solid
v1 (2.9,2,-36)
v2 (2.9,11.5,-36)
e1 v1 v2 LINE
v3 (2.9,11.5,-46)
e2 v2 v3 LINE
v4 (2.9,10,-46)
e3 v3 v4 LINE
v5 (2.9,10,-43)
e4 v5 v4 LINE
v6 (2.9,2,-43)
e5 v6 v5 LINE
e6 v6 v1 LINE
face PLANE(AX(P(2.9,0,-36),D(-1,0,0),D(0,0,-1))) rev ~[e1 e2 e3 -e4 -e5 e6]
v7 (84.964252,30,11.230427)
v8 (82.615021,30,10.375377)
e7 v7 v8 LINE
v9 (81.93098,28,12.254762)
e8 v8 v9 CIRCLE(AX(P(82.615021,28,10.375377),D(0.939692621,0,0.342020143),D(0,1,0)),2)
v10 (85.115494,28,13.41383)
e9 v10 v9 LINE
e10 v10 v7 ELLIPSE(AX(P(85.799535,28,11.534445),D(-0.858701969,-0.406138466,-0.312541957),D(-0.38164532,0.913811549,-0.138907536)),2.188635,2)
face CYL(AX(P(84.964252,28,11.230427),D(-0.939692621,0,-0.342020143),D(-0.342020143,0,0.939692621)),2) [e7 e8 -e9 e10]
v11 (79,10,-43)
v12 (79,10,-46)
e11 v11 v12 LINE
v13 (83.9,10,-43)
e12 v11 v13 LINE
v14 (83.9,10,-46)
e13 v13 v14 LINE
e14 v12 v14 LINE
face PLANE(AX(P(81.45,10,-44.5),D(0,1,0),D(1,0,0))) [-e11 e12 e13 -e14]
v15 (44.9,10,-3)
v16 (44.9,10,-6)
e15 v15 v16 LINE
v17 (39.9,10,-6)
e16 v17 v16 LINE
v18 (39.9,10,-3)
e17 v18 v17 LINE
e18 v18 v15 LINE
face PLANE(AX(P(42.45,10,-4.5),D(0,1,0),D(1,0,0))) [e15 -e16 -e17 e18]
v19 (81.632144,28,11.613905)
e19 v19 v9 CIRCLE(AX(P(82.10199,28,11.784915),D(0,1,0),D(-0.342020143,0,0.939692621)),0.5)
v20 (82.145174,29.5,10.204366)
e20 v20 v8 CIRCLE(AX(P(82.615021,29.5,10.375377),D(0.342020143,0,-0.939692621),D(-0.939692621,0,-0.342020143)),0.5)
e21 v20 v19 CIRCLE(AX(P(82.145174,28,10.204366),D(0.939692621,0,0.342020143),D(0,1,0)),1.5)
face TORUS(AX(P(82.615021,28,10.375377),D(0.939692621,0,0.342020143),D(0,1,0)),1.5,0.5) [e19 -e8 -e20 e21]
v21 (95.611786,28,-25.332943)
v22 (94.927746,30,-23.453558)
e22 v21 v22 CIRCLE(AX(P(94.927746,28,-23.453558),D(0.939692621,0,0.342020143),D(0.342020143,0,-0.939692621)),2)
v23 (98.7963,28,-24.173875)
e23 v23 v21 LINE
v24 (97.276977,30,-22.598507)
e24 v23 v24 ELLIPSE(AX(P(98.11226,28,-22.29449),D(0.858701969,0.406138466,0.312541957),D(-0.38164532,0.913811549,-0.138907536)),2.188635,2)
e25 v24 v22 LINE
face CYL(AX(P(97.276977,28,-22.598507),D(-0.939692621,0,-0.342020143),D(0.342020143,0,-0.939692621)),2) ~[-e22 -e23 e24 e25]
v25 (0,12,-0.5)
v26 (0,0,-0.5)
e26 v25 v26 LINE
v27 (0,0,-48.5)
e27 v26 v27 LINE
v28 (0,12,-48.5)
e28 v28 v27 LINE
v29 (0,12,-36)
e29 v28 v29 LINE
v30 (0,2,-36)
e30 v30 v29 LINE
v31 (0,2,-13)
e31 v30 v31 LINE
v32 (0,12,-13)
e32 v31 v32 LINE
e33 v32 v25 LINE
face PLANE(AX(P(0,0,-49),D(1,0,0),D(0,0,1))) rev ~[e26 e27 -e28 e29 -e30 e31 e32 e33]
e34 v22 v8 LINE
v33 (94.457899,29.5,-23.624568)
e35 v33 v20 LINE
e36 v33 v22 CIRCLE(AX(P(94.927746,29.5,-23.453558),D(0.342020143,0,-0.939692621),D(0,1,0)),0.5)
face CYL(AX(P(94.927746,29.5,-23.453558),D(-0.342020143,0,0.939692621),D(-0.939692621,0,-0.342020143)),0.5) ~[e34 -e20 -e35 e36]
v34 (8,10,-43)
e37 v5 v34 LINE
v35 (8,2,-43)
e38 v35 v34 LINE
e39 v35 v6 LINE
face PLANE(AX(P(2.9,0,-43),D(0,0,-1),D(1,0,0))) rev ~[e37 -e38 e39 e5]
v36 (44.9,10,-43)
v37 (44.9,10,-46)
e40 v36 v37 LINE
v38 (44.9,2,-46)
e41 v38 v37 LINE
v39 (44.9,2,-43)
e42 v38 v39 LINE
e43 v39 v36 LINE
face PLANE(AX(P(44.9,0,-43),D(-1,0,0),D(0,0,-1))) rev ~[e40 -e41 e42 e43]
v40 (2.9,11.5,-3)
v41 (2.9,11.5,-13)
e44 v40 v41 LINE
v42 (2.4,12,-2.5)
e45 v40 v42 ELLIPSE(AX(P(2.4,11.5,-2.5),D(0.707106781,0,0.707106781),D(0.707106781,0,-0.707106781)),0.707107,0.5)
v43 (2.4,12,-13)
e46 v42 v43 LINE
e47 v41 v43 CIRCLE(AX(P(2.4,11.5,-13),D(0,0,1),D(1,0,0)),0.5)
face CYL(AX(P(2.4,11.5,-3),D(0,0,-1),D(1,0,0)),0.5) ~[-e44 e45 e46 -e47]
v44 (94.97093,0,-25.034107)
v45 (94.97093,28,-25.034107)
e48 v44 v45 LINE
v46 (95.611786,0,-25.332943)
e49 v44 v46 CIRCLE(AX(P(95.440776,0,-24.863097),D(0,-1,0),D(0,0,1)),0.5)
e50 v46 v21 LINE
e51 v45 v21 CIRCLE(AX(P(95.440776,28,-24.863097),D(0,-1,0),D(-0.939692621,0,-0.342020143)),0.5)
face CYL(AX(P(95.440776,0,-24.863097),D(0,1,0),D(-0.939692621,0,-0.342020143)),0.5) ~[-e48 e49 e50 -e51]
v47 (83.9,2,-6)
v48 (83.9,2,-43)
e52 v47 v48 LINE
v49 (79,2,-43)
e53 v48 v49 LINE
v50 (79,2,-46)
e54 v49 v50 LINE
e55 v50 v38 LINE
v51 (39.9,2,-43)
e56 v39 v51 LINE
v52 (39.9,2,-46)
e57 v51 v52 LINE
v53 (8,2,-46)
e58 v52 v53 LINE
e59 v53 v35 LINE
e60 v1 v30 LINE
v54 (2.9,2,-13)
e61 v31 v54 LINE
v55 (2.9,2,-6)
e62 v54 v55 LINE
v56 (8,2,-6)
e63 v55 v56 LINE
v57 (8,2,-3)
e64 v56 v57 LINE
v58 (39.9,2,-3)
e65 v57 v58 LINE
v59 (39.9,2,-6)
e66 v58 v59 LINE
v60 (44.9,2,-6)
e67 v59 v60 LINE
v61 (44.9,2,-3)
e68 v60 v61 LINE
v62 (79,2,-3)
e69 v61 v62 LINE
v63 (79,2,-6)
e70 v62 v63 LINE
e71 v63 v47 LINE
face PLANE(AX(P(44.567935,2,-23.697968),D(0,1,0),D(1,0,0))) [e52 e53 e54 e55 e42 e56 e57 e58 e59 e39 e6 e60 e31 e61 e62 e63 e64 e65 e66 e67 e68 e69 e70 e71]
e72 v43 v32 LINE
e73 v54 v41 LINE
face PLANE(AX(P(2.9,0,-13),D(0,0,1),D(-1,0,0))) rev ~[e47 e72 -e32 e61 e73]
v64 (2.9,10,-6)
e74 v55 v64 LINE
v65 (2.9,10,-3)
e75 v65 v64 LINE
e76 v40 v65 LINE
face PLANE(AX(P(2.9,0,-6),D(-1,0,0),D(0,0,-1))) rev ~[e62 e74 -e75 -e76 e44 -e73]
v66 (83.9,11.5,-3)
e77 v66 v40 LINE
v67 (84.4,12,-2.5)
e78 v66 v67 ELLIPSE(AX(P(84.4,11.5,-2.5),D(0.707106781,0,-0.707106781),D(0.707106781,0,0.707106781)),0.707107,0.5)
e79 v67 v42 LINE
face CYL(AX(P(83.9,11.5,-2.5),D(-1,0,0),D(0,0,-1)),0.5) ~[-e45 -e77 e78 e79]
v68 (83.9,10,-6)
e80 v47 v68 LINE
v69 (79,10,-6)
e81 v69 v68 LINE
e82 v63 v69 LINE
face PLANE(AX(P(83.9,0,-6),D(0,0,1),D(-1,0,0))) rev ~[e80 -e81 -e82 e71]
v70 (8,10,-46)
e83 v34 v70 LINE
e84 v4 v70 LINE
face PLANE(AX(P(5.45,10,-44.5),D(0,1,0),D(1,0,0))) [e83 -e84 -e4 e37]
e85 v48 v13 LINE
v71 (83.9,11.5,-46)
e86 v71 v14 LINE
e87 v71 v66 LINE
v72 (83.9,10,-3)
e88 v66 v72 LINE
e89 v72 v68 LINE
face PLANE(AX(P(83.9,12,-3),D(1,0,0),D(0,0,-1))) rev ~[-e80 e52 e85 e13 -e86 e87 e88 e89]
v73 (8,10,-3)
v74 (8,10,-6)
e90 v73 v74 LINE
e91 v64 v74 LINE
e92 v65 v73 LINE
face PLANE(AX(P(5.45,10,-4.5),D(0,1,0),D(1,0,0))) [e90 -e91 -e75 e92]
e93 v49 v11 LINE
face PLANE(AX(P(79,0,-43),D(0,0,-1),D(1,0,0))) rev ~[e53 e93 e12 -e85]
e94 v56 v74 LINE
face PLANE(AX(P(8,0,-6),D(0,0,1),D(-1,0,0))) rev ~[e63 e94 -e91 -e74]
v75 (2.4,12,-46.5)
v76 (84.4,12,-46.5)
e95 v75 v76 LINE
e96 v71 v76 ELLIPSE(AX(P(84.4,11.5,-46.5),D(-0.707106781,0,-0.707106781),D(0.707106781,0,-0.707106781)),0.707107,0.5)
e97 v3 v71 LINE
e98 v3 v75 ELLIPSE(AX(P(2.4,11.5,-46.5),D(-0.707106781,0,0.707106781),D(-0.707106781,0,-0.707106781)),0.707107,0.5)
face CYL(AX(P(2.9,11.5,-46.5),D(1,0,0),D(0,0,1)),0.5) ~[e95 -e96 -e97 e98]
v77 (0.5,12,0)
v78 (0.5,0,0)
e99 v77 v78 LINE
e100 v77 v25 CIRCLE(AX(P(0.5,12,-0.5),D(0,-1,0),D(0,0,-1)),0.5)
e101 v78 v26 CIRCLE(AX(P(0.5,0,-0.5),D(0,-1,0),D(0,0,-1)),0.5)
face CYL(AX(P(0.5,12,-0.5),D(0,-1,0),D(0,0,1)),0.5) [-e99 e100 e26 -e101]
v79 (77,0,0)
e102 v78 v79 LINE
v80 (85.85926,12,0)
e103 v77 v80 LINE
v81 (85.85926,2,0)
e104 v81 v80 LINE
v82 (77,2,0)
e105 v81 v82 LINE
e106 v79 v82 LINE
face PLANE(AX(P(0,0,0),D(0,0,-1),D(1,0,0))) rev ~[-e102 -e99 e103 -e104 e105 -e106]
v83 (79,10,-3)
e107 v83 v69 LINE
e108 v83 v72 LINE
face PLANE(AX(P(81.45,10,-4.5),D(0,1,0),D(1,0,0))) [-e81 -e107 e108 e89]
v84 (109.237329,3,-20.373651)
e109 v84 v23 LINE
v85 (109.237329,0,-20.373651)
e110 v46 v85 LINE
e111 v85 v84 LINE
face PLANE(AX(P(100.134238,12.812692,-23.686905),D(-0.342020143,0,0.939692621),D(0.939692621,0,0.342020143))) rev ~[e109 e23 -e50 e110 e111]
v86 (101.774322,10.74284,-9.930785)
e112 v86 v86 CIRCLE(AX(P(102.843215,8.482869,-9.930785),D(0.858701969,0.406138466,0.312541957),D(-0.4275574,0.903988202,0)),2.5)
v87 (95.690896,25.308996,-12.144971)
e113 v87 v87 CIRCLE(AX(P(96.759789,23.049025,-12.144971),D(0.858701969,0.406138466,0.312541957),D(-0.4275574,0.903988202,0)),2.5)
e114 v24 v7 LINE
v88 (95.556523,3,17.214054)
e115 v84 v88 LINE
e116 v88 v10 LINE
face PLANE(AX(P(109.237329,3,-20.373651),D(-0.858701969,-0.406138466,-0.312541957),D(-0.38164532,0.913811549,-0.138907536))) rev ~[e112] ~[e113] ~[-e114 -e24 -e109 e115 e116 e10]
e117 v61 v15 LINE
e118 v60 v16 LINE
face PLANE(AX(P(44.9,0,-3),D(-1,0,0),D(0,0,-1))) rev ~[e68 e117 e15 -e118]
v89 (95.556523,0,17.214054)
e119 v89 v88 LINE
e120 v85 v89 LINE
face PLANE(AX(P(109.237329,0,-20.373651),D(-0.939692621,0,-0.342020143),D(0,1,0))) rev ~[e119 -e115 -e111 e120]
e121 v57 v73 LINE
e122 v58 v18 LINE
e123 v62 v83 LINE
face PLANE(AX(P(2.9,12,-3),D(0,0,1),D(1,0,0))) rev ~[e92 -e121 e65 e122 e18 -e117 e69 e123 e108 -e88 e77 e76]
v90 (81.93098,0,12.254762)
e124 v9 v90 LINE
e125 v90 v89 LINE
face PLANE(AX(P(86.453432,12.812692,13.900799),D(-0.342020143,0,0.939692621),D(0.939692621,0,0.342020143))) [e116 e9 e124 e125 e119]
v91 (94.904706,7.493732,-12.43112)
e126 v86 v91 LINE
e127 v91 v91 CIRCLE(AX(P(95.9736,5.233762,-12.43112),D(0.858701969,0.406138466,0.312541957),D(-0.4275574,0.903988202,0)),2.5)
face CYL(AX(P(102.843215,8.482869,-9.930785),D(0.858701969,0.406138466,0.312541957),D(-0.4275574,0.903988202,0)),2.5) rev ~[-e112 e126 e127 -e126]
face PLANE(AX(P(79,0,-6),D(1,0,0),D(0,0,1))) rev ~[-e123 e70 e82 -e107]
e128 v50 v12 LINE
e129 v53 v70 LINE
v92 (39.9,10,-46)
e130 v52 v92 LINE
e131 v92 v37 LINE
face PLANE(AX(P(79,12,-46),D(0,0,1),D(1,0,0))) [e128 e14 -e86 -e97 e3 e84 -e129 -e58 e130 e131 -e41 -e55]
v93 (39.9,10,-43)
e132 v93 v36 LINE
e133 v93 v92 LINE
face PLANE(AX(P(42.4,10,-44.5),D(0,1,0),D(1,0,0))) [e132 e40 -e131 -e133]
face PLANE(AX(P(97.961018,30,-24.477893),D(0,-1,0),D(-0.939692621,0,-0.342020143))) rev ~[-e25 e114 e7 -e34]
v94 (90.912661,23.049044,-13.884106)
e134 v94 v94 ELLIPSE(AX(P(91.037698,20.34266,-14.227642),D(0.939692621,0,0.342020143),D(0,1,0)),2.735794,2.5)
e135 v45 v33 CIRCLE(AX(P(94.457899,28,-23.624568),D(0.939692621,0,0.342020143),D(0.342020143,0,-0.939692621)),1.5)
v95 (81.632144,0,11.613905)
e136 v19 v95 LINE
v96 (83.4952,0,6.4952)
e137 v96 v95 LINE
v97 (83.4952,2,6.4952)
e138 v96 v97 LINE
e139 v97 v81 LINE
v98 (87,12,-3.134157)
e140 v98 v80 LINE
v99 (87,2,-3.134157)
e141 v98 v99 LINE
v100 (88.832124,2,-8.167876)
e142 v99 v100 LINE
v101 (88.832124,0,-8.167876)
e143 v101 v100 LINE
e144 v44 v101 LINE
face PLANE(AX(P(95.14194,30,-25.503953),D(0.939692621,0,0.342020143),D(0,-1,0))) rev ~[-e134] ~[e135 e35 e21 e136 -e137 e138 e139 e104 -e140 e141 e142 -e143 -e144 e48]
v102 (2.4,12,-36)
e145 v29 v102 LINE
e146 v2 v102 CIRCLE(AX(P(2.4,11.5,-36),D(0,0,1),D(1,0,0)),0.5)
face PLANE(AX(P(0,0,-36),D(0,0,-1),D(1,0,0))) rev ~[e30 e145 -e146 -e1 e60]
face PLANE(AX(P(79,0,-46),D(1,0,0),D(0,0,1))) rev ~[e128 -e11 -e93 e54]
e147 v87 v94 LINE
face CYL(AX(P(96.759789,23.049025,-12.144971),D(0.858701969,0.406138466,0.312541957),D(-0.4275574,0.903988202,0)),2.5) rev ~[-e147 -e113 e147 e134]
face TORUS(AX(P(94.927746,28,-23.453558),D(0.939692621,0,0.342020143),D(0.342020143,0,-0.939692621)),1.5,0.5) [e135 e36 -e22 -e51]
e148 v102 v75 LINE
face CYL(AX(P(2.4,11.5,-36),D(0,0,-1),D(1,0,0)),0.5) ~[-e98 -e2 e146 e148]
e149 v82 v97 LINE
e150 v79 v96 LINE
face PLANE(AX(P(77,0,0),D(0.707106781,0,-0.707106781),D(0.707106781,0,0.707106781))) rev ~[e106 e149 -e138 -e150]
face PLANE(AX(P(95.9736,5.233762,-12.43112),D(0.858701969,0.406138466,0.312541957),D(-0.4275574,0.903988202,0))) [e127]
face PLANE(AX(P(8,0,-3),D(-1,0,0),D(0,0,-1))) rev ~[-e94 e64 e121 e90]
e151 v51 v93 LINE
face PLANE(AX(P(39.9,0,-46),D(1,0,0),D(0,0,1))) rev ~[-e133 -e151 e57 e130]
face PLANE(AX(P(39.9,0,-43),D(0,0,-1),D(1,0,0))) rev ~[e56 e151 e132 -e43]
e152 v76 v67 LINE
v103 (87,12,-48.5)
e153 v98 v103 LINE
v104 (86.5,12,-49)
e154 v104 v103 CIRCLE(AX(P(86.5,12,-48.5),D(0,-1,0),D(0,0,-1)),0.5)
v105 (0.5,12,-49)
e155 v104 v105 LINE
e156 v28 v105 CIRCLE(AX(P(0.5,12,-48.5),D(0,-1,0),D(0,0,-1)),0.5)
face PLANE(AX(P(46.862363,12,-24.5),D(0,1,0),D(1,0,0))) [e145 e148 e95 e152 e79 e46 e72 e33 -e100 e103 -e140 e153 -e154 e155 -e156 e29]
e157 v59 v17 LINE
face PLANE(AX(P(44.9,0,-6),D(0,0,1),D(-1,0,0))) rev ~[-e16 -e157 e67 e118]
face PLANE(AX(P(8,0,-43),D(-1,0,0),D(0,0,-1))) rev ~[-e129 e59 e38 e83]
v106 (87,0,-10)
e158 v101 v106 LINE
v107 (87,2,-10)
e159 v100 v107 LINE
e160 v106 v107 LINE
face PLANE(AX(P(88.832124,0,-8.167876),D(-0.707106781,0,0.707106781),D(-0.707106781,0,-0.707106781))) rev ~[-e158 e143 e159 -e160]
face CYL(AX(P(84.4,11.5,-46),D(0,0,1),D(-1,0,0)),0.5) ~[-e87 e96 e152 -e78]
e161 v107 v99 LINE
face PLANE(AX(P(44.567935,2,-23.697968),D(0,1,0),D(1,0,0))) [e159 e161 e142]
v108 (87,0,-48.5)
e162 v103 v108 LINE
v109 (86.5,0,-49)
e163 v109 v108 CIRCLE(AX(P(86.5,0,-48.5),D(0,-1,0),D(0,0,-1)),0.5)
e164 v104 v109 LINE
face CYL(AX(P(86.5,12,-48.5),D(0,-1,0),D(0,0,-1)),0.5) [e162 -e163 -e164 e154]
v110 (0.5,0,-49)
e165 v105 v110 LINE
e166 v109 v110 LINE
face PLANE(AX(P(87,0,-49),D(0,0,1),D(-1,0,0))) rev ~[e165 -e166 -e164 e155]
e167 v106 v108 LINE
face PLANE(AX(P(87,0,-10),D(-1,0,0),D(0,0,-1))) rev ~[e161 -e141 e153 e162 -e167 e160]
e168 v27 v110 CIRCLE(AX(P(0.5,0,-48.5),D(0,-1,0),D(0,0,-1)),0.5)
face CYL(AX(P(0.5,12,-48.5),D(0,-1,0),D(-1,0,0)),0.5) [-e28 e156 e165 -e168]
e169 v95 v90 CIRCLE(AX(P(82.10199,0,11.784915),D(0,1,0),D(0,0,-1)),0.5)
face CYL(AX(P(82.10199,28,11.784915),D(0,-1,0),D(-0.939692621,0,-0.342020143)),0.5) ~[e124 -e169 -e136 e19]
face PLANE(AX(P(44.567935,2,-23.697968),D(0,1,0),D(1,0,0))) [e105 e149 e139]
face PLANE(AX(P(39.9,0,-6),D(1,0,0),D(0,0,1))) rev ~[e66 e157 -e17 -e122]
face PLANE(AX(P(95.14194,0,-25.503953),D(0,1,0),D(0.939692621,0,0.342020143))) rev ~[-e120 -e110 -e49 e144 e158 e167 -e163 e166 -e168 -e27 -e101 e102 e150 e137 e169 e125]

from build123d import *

# Parameters (mm, degrees)
BOSS_EXTRUDE1_DEPTH   = 40
BODY_MOVE_COPY1_ANGLE = 20
BOSS_EXTRUDE2_DEPTH   = 2
BOSS_EXTRUDE3_DEPTH   = 12
SKETCH4_R             = 2.5
CUT_EXTRUDE2_DEPTH    = 8
FILLET1_R             = 2
SKETCH10_W            = 4.9
SKETCH10_H            = 3
SKETCH10_W_2          = 5.1
SKETCH10_W_3          = 5
CUT_EXTRUDE4_DEPTH    = 2
FILLET2_R             = 0.5


with BuildPart() as part:
    # Sketch2 → Boss-Extrude1 (new body)
    with BuildSketch(Plane.XY):
        Polygon((90, 0), (105, 0), (105, 3), (93, 30), (90, 30), align=None)
    extrude(amount=BOSS_EXTRUDE1_DEPTH)


with BuildPart() as part_1:
    # Body-Move/Copy1: moved
    add(part.part.rotate(Axis((95, 0, 20), (0, -1, 0)), BODY_MOVE_COPY1_ANGLE))


with BuildPart() as part_2:
    # Body-Move/Copy2: moved
    add(part_1.part.moved(Location((-2, 0, -25))))

    # Sketch1 → Boss-Extrude2 (add)
    with BuildSketch(Plane(origin=(0, 0, 0), x_dir=(1, 0, 0), z_dir=(0, 1, 0))):
        Polygon((0, 49), (0, 0), (77, 0), (89.02081528, -12.02081528), (99.02081528, -2.02081528), (87, 10), (87, 49), align=None)
    extrude(amount=BOSS_EXTRUDE2_DEPTH)

    # Sketch1<4> → Boss-Extrude3 (add)
    with BuildSketch(Plane(origin=(0, 0, 0), x_dir=(1, 0, 0), z_dir=(0, 1, 0))):
        Polygon((8, 43), (8, 46), (39.9, 46), (39.9, 43), (44.9, 43), (44.9, 46), (79, 46), (79, 43), (83.9, 43), (83.9, 6), (79, 6), (79, 3), (44.9, 3), (44.9, 6), (39.9, 6), (39.9, 3), (8, 3), (8, 6), (2.9, 6), (2.9, 13), (0, 13), (0, 0), (77, 0), (87, 0), (87, 10), (87, 49), (0, 49), (0, 36), (2.9, 36), (2.9, 43), align=None)
    extrude(amount=BOSS_EXTRUDE3_DEPTH)

    # Sketch4 → Cut-Extrude2 (cut)
    with BuildSketch(Plane(origin=(76.126595154, 36.005435759, 27.707814672), x_dir=(0.29946549765090347, 0.09724282163216282, -0.9491386881576961), z_dir=(0.8587019690275818, 0.40613846605344794, 0.3125419568312492))):
        with Locations((42.744832372, -18.834040509)):
            Circle(SKETCH4_R)
        with Locations((41.048584848, -34.683530859)):
            Circle(SKETCH4_R)
    extrude(amount=-CUT_EXTRUDE2_DEPTH, mode=Mode.SUBTRACT)

    # Fillet1
    fillet1_edges = [part_2.edges().sort_by_distance(p)[0] for p in [
        (96.551478694, 30, -24.990922917),
        (82.870672961, 30, 12.596781914),
    ]]
    fillet(fillet1_edges, radius=FILLET1_R)

    # Sketch10 → Cut-Extrude4 (cut)
    with BuildSketch(Plane(origin=(0, 12, 0), x_dir=(1, 0, 0), z_dir=(0, 1, 0))):
        with Locations((81.45, 4.5)):
            Rectangle(SKETCH10_W, SKETCH10_H)
        with Locations((42.45, 4.5)):
            Rectangle(SKETCH10_W_2, SKETCH10_H)
        with Locations((42.4, 44.5)):
            Rectangle(SKETCH10_W_3, SKETCH10_H)
        with Locations((81.45, 44.5)):
            Rectangle(SKETCH10_W, SKETCH10_H)
        with Locations((5.45, 44.5)):
            Rectangle(SKETCH10_W_2, SKETCH10_H)
        with Locations((5.45, 4.5)):
            Rectangle(SKETCH10_W_2, SKETCH10_H)
    extrude(amount=-CUT_EXTRUDE4_DEPTH, mode=Mode.SUBTRACT)

    # Fillet2
    fillet2_edges = [part_2.edges().sort_by_distance(p)[0] for p in [
        (2.9, 12, -8),
        (2.9, 12, -41),
        (0, 6, 0),
        (87, 6, -49),
        (0, 6, -49),
        (94.941589001, 29.414213562, -24.95349394),
        (88.301536896, 30, -6.710100717),
        (81.661484791, 29.414213562, 11.533292506),
        (95.141939763, 14, -25.503953132),
        (81.46113403, 14, 12.083751699),
        (43.4, 12, -3),
        (83.9, 12, -24.5),
        (43.4, 12, -46),
    ]]
    fillet(fillet2_edges, radius=FILLET2_R)


solid = part_2.part
